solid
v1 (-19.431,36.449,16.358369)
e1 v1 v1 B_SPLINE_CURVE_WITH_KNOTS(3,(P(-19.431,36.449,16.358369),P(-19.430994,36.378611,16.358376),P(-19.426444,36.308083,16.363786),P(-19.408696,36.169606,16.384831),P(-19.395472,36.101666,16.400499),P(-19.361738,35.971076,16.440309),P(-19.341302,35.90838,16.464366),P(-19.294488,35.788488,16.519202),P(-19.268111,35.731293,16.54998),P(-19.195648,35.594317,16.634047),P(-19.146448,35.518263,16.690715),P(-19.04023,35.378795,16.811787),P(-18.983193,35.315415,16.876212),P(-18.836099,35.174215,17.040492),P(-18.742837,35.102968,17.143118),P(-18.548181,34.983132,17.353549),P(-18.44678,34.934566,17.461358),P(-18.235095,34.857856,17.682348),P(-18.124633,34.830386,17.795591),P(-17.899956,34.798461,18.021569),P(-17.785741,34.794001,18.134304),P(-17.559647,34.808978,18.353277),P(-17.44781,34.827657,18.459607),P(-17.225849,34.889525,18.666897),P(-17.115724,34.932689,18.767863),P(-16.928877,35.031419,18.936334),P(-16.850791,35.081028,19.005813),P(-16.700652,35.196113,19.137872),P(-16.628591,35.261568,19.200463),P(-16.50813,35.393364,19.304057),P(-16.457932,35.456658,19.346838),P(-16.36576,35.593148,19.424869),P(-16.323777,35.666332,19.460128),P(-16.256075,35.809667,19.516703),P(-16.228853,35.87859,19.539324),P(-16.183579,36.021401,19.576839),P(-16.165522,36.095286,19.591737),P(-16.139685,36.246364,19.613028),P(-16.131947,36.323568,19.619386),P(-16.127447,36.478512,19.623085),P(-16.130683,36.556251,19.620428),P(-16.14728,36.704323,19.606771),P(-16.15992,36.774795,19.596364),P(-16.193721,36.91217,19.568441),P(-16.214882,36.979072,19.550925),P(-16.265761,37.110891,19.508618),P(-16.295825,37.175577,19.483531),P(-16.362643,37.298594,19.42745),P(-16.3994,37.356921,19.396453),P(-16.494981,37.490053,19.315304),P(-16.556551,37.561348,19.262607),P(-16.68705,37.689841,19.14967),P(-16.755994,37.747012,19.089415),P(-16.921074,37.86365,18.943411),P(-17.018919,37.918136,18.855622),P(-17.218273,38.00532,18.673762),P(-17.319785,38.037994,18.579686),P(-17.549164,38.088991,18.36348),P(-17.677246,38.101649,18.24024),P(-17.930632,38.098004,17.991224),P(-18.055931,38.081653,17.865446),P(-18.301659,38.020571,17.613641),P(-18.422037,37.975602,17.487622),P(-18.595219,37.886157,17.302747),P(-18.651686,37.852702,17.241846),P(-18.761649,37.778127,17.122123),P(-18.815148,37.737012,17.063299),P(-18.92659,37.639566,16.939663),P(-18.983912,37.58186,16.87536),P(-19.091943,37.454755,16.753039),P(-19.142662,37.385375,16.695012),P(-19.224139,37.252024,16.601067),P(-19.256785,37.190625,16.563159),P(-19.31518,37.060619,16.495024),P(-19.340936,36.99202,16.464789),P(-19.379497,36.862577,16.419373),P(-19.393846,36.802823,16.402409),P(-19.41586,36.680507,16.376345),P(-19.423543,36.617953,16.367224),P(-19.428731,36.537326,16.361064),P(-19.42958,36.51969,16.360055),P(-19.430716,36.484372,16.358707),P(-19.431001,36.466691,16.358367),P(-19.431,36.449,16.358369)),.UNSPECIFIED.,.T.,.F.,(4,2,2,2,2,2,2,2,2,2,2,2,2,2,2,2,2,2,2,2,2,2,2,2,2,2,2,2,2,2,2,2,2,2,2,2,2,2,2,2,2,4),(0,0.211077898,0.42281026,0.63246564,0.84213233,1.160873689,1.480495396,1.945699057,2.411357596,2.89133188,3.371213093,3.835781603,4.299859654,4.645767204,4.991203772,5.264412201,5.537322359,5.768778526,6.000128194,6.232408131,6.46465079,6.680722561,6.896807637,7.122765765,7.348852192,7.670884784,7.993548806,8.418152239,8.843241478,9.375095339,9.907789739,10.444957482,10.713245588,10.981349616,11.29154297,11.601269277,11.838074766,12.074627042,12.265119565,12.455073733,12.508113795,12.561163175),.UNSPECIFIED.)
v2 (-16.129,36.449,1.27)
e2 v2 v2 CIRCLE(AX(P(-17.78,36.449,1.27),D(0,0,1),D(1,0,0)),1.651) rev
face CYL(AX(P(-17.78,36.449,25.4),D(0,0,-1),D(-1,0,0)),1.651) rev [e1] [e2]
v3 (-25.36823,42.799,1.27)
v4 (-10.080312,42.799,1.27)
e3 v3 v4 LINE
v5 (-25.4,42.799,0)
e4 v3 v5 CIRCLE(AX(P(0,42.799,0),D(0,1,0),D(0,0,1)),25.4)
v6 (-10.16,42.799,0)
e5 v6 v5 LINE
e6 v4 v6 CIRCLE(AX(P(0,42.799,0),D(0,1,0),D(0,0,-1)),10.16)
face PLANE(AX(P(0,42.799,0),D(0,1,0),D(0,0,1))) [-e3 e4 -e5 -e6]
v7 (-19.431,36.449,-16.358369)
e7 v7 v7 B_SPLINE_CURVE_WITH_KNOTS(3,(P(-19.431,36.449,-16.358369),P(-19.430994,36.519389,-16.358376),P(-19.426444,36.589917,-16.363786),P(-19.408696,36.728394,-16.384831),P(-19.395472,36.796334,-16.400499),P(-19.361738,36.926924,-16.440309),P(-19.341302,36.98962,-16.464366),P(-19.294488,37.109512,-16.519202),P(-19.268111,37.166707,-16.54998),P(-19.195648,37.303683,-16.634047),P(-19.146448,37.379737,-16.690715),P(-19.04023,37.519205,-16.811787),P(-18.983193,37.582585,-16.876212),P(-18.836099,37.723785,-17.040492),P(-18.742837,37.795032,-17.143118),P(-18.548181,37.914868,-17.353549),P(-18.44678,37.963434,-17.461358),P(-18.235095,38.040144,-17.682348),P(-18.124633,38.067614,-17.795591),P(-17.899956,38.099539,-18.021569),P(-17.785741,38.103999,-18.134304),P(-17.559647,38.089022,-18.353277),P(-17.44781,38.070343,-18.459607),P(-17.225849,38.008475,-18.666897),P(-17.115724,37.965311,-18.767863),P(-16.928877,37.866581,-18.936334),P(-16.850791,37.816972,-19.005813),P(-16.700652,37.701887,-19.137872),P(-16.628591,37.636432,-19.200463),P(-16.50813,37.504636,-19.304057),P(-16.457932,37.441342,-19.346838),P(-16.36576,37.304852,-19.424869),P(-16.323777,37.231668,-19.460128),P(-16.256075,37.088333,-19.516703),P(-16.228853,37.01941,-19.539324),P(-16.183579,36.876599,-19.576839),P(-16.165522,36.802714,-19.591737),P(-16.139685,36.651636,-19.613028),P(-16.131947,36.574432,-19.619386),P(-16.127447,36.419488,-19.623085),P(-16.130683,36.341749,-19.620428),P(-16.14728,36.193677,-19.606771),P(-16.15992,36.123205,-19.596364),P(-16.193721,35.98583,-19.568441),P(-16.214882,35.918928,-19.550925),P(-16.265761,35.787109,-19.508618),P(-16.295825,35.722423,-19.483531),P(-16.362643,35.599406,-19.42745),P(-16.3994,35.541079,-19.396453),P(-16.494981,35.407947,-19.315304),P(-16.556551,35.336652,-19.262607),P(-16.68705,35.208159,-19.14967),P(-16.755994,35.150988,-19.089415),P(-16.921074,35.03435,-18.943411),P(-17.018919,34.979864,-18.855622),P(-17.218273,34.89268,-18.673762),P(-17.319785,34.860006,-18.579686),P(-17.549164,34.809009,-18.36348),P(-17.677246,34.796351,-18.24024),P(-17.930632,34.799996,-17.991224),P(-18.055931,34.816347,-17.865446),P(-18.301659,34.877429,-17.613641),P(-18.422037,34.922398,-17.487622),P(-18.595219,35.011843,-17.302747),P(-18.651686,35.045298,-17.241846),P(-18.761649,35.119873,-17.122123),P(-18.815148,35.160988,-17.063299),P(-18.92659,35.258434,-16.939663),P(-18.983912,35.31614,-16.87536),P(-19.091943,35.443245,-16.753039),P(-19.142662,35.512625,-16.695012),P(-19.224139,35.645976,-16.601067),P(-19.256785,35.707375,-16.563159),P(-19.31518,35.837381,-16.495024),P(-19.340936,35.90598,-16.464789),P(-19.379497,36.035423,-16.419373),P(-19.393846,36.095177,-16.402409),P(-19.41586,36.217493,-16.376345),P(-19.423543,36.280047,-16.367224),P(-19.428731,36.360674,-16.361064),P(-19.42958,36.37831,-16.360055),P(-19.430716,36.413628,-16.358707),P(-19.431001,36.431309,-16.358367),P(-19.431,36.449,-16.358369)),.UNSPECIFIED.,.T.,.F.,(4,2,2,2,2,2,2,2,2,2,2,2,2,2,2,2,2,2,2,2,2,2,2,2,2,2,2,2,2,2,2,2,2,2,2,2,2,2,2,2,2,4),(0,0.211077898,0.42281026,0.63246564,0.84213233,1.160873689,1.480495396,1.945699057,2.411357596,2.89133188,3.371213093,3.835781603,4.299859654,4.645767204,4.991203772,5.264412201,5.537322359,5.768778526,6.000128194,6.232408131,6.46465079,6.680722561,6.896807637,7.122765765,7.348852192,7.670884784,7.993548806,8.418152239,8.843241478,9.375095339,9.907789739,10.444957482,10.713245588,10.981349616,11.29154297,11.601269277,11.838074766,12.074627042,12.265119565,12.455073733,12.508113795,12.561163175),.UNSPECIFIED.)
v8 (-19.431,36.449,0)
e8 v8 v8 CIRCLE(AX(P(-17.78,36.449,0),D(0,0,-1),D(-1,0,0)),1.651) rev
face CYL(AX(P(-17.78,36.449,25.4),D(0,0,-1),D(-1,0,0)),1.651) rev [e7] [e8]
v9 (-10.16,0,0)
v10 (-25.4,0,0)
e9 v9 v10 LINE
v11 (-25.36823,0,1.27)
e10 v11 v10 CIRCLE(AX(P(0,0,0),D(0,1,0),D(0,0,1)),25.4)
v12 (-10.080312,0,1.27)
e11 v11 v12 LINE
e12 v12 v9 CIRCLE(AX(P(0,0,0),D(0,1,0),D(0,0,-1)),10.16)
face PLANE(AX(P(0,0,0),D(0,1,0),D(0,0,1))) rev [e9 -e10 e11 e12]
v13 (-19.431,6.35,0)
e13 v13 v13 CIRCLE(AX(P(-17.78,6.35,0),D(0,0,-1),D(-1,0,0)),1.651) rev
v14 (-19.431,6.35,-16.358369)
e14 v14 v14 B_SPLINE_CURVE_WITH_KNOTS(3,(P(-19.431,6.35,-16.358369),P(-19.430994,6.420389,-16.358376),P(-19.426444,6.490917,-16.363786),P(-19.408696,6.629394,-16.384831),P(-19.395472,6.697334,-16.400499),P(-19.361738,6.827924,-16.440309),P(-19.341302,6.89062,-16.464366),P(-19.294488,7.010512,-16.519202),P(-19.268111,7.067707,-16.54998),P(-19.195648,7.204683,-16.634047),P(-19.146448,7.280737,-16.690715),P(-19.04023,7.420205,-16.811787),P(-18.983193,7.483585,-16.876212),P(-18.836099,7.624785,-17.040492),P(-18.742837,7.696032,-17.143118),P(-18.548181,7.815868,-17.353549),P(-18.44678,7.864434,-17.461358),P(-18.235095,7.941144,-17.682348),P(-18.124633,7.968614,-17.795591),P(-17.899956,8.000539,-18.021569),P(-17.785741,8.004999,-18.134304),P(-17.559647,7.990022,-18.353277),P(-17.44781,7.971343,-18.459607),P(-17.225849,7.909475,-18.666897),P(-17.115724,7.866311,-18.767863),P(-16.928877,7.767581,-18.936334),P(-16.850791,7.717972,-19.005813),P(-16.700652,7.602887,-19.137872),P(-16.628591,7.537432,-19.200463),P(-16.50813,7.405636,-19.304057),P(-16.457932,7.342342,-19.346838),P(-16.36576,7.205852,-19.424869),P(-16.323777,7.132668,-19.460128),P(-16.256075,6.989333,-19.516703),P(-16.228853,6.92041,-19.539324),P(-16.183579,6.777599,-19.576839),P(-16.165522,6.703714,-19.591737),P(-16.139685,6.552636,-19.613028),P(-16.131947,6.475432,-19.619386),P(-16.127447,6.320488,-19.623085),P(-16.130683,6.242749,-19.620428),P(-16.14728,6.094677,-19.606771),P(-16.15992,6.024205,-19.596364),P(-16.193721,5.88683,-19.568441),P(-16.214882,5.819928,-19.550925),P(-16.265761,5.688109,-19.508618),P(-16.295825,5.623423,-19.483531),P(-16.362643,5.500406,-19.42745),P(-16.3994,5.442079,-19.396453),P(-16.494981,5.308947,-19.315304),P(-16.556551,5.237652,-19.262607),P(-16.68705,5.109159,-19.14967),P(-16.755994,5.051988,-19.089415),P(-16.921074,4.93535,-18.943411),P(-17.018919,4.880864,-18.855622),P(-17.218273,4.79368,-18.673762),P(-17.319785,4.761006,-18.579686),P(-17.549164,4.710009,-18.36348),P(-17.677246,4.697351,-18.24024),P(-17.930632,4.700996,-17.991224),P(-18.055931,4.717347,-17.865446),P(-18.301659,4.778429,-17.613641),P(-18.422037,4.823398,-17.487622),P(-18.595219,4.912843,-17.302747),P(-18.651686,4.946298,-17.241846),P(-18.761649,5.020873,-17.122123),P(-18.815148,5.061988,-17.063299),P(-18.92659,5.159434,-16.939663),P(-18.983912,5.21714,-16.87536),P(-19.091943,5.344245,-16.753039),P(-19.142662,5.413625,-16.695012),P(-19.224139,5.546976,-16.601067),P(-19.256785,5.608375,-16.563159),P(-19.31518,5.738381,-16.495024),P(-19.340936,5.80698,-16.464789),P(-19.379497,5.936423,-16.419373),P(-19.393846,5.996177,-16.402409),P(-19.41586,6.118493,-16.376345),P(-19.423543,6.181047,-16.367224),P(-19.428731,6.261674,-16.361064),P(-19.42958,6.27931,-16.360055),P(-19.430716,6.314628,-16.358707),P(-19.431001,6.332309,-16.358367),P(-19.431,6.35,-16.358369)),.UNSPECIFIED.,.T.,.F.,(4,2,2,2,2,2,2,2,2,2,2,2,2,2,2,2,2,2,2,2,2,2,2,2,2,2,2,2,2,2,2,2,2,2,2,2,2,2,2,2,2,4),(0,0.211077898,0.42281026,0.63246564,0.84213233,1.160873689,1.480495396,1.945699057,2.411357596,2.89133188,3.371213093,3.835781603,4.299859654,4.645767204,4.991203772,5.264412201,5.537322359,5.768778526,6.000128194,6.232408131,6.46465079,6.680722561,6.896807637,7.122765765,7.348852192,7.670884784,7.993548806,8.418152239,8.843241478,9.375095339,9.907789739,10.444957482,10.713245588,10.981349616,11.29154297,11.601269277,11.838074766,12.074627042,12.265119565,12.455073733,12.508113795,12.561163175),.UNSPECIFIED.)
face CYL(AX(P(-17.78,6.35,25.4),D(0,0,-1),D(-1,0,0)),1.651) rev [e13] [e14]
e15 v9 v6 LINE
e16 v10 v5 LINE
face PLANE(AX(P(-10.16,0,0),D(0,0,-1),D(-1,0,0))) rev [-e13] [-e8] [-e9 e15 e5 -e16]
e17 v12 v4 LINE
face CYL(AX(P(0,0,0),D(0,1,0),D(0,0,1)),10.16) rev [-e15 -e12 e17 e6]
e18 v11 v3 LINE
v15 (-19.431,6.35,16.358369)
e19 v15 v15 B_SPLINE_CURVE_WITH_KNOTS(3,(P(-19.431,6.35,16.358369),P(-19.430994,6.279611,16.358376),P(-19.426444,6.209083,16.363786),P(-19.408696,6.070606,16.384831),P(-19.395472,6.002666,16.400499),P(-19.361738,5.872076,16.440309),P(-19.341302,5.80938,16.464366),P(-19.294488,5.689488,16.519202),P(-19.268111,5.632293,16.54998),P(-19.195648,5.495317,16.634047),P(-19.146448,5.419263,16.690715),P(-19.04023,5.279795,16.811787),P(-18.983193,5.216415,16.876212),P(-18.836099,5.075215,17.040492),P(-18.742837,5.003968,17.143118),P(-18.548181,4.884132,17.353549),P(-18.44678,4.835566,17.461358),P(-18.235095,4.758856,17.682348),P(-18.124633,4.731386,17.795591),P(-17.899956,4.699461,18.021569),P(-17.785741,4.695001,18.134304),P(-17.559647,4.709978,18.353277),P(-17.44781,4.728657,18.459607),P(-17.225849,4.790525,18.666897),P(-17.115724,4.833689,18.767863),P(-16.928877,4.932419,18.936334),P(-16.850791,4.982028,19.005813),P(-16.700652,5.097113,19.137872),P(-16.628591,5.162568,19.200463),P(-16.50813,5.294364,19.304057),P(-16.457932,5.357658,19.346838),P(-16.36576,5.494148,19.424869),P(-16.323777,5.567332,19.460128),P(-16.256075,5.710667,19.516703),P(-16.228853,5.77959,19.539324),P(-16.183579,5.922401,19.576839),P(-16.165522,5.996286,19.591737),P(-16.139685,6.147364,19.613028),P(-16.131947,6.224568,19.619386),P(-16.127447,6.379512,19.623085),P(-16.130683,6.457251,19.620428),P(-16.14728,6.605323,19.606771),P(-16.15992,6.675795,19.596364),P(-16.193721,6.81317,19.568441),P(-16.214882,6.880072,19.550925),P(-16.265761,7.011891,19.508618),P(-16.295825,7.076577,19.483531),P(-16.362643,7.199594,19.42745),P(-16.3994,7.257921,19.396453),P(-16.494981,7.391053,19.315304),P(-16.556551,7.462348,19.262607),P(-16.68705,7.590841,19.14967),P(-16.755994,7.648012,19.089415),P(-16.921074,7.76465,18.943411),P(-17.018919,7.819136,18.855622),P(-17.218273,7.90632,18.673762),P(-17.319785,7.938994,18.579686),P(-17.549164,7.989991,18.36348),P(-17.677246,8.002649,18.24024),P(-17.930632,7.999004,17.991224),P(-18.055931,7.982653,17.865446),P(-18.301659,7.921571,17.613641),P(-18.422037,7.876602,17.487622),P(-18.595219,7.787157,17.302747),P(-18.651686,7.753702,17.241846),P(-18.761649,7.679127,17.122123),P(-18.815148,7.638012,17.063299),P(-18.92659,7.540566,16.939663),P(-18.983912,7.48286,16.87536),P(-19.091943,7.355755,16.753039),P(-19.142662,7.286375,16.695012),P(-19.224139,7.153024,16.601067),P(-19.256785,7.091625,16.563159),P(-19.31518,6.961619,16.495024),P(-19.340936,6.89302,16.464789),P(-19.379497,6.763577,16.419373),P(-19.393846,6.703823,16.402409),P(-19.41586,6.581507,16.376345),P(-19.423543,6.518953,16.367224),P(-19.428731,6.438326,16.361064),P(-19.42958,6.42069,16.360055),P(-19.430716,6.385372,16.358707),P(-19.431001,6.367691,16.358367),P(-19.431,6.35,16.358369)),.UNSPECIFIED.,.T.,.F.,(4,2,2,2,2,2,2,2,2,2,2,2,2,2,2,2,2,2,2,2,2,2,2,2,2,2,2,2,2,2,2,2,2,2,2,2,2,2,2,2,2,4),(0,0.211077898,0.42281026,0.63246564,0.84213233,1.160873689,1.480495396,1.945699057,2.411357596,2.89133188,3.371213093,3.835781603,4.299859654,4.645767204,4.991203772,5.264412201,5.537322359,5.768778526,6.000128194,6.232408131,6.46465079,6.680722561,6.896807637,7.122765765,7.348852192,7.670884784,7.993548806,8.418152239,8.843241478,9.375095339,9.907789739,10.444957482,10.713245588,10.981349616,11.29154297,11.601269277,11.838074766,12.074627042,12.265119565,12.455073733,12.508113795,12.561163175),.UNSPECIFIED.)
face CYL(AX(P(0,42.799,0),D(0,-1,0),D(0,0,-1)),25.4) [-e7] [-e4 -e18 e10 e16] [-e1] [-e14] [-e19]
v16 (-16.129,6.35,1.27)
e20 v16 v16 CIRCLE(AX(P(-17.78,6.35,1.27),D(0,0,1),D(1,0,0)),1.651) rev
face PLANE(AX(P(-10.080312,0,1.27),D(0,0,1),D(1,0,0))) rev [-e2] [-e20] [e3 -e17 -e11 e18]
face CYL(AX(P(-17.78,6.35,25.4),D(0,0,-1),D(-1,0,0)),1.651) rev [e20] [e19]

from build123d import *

# Parameters (mm, degrees)
SKETCH1_R               = 25.4
BOSS_EXTRUDE1_DEPTH     = 42.799
CUT_EXTRUDE1_DEPTH      = 56.875525957
CUT_EXTRUDE2_DEPTH      = 72.116484735
CUT_EXTRUDE2_DEPTH_BACK = 72.116484735
SKETCH3_R               = 1.651


with BuildPart() as part:
    # Sketch1 → Boss-Extrude1 (new body)
    with BuildSketch(Plane(origin=(0, 0, 0), x_dir=(1, 0, 0), z_dir=(0, 1, 0))):
        Circle(SKETCH1_R)
    extrude(amount=BOSS_EXTRUDE1_DEPTH)

    # Sketch2 → Cut-Extrude1 (cut, through all)
    with BuildSketch(Plane(origin=(0, 42.799, 0), x_dir=(1, 0, 0), z_dir=(0, 1, 0))):
        with BuildLine():
            Line((-10.16, 0), (-25.4, 0))
            ThreePointArc((-25.4, 0), (-25.392056291, -0.635198655), (-25.368230131, -1.27))
            Line((-25.368230131, -1.27), (-10.080312495, -1.27))
            ThreePointArc((-10.080312495, -1.27), (10.140058554, 0.636248791), (-10.16, 0))
        make_face()
    extrude(amount=-CUT_EXTRUDE1_DEPTH, mode=Mode.SUBTRACT)

    # Sketch3 → Cut-Extrude2 (cut, two sides: drawn at the far end of the back side and taken through both)
    with BuildSketch(Plane.XY.offset(-25.4).offset(-CUT_EXTRUDE2_DEPTH_BACK)):
        with Locations((-17.78, 36.449)):
            Circle(SKETCH3_R)
        with Locations((-17.78, 6.35)):
            Circle(SKETCH3_R)
    extrude(amount=CUT_EXTRUDE2_DEPTH + CUT_EXTRUDE2_DEPTH_BACK, mode=Mode.SUBTRACT)


solid = part.part
